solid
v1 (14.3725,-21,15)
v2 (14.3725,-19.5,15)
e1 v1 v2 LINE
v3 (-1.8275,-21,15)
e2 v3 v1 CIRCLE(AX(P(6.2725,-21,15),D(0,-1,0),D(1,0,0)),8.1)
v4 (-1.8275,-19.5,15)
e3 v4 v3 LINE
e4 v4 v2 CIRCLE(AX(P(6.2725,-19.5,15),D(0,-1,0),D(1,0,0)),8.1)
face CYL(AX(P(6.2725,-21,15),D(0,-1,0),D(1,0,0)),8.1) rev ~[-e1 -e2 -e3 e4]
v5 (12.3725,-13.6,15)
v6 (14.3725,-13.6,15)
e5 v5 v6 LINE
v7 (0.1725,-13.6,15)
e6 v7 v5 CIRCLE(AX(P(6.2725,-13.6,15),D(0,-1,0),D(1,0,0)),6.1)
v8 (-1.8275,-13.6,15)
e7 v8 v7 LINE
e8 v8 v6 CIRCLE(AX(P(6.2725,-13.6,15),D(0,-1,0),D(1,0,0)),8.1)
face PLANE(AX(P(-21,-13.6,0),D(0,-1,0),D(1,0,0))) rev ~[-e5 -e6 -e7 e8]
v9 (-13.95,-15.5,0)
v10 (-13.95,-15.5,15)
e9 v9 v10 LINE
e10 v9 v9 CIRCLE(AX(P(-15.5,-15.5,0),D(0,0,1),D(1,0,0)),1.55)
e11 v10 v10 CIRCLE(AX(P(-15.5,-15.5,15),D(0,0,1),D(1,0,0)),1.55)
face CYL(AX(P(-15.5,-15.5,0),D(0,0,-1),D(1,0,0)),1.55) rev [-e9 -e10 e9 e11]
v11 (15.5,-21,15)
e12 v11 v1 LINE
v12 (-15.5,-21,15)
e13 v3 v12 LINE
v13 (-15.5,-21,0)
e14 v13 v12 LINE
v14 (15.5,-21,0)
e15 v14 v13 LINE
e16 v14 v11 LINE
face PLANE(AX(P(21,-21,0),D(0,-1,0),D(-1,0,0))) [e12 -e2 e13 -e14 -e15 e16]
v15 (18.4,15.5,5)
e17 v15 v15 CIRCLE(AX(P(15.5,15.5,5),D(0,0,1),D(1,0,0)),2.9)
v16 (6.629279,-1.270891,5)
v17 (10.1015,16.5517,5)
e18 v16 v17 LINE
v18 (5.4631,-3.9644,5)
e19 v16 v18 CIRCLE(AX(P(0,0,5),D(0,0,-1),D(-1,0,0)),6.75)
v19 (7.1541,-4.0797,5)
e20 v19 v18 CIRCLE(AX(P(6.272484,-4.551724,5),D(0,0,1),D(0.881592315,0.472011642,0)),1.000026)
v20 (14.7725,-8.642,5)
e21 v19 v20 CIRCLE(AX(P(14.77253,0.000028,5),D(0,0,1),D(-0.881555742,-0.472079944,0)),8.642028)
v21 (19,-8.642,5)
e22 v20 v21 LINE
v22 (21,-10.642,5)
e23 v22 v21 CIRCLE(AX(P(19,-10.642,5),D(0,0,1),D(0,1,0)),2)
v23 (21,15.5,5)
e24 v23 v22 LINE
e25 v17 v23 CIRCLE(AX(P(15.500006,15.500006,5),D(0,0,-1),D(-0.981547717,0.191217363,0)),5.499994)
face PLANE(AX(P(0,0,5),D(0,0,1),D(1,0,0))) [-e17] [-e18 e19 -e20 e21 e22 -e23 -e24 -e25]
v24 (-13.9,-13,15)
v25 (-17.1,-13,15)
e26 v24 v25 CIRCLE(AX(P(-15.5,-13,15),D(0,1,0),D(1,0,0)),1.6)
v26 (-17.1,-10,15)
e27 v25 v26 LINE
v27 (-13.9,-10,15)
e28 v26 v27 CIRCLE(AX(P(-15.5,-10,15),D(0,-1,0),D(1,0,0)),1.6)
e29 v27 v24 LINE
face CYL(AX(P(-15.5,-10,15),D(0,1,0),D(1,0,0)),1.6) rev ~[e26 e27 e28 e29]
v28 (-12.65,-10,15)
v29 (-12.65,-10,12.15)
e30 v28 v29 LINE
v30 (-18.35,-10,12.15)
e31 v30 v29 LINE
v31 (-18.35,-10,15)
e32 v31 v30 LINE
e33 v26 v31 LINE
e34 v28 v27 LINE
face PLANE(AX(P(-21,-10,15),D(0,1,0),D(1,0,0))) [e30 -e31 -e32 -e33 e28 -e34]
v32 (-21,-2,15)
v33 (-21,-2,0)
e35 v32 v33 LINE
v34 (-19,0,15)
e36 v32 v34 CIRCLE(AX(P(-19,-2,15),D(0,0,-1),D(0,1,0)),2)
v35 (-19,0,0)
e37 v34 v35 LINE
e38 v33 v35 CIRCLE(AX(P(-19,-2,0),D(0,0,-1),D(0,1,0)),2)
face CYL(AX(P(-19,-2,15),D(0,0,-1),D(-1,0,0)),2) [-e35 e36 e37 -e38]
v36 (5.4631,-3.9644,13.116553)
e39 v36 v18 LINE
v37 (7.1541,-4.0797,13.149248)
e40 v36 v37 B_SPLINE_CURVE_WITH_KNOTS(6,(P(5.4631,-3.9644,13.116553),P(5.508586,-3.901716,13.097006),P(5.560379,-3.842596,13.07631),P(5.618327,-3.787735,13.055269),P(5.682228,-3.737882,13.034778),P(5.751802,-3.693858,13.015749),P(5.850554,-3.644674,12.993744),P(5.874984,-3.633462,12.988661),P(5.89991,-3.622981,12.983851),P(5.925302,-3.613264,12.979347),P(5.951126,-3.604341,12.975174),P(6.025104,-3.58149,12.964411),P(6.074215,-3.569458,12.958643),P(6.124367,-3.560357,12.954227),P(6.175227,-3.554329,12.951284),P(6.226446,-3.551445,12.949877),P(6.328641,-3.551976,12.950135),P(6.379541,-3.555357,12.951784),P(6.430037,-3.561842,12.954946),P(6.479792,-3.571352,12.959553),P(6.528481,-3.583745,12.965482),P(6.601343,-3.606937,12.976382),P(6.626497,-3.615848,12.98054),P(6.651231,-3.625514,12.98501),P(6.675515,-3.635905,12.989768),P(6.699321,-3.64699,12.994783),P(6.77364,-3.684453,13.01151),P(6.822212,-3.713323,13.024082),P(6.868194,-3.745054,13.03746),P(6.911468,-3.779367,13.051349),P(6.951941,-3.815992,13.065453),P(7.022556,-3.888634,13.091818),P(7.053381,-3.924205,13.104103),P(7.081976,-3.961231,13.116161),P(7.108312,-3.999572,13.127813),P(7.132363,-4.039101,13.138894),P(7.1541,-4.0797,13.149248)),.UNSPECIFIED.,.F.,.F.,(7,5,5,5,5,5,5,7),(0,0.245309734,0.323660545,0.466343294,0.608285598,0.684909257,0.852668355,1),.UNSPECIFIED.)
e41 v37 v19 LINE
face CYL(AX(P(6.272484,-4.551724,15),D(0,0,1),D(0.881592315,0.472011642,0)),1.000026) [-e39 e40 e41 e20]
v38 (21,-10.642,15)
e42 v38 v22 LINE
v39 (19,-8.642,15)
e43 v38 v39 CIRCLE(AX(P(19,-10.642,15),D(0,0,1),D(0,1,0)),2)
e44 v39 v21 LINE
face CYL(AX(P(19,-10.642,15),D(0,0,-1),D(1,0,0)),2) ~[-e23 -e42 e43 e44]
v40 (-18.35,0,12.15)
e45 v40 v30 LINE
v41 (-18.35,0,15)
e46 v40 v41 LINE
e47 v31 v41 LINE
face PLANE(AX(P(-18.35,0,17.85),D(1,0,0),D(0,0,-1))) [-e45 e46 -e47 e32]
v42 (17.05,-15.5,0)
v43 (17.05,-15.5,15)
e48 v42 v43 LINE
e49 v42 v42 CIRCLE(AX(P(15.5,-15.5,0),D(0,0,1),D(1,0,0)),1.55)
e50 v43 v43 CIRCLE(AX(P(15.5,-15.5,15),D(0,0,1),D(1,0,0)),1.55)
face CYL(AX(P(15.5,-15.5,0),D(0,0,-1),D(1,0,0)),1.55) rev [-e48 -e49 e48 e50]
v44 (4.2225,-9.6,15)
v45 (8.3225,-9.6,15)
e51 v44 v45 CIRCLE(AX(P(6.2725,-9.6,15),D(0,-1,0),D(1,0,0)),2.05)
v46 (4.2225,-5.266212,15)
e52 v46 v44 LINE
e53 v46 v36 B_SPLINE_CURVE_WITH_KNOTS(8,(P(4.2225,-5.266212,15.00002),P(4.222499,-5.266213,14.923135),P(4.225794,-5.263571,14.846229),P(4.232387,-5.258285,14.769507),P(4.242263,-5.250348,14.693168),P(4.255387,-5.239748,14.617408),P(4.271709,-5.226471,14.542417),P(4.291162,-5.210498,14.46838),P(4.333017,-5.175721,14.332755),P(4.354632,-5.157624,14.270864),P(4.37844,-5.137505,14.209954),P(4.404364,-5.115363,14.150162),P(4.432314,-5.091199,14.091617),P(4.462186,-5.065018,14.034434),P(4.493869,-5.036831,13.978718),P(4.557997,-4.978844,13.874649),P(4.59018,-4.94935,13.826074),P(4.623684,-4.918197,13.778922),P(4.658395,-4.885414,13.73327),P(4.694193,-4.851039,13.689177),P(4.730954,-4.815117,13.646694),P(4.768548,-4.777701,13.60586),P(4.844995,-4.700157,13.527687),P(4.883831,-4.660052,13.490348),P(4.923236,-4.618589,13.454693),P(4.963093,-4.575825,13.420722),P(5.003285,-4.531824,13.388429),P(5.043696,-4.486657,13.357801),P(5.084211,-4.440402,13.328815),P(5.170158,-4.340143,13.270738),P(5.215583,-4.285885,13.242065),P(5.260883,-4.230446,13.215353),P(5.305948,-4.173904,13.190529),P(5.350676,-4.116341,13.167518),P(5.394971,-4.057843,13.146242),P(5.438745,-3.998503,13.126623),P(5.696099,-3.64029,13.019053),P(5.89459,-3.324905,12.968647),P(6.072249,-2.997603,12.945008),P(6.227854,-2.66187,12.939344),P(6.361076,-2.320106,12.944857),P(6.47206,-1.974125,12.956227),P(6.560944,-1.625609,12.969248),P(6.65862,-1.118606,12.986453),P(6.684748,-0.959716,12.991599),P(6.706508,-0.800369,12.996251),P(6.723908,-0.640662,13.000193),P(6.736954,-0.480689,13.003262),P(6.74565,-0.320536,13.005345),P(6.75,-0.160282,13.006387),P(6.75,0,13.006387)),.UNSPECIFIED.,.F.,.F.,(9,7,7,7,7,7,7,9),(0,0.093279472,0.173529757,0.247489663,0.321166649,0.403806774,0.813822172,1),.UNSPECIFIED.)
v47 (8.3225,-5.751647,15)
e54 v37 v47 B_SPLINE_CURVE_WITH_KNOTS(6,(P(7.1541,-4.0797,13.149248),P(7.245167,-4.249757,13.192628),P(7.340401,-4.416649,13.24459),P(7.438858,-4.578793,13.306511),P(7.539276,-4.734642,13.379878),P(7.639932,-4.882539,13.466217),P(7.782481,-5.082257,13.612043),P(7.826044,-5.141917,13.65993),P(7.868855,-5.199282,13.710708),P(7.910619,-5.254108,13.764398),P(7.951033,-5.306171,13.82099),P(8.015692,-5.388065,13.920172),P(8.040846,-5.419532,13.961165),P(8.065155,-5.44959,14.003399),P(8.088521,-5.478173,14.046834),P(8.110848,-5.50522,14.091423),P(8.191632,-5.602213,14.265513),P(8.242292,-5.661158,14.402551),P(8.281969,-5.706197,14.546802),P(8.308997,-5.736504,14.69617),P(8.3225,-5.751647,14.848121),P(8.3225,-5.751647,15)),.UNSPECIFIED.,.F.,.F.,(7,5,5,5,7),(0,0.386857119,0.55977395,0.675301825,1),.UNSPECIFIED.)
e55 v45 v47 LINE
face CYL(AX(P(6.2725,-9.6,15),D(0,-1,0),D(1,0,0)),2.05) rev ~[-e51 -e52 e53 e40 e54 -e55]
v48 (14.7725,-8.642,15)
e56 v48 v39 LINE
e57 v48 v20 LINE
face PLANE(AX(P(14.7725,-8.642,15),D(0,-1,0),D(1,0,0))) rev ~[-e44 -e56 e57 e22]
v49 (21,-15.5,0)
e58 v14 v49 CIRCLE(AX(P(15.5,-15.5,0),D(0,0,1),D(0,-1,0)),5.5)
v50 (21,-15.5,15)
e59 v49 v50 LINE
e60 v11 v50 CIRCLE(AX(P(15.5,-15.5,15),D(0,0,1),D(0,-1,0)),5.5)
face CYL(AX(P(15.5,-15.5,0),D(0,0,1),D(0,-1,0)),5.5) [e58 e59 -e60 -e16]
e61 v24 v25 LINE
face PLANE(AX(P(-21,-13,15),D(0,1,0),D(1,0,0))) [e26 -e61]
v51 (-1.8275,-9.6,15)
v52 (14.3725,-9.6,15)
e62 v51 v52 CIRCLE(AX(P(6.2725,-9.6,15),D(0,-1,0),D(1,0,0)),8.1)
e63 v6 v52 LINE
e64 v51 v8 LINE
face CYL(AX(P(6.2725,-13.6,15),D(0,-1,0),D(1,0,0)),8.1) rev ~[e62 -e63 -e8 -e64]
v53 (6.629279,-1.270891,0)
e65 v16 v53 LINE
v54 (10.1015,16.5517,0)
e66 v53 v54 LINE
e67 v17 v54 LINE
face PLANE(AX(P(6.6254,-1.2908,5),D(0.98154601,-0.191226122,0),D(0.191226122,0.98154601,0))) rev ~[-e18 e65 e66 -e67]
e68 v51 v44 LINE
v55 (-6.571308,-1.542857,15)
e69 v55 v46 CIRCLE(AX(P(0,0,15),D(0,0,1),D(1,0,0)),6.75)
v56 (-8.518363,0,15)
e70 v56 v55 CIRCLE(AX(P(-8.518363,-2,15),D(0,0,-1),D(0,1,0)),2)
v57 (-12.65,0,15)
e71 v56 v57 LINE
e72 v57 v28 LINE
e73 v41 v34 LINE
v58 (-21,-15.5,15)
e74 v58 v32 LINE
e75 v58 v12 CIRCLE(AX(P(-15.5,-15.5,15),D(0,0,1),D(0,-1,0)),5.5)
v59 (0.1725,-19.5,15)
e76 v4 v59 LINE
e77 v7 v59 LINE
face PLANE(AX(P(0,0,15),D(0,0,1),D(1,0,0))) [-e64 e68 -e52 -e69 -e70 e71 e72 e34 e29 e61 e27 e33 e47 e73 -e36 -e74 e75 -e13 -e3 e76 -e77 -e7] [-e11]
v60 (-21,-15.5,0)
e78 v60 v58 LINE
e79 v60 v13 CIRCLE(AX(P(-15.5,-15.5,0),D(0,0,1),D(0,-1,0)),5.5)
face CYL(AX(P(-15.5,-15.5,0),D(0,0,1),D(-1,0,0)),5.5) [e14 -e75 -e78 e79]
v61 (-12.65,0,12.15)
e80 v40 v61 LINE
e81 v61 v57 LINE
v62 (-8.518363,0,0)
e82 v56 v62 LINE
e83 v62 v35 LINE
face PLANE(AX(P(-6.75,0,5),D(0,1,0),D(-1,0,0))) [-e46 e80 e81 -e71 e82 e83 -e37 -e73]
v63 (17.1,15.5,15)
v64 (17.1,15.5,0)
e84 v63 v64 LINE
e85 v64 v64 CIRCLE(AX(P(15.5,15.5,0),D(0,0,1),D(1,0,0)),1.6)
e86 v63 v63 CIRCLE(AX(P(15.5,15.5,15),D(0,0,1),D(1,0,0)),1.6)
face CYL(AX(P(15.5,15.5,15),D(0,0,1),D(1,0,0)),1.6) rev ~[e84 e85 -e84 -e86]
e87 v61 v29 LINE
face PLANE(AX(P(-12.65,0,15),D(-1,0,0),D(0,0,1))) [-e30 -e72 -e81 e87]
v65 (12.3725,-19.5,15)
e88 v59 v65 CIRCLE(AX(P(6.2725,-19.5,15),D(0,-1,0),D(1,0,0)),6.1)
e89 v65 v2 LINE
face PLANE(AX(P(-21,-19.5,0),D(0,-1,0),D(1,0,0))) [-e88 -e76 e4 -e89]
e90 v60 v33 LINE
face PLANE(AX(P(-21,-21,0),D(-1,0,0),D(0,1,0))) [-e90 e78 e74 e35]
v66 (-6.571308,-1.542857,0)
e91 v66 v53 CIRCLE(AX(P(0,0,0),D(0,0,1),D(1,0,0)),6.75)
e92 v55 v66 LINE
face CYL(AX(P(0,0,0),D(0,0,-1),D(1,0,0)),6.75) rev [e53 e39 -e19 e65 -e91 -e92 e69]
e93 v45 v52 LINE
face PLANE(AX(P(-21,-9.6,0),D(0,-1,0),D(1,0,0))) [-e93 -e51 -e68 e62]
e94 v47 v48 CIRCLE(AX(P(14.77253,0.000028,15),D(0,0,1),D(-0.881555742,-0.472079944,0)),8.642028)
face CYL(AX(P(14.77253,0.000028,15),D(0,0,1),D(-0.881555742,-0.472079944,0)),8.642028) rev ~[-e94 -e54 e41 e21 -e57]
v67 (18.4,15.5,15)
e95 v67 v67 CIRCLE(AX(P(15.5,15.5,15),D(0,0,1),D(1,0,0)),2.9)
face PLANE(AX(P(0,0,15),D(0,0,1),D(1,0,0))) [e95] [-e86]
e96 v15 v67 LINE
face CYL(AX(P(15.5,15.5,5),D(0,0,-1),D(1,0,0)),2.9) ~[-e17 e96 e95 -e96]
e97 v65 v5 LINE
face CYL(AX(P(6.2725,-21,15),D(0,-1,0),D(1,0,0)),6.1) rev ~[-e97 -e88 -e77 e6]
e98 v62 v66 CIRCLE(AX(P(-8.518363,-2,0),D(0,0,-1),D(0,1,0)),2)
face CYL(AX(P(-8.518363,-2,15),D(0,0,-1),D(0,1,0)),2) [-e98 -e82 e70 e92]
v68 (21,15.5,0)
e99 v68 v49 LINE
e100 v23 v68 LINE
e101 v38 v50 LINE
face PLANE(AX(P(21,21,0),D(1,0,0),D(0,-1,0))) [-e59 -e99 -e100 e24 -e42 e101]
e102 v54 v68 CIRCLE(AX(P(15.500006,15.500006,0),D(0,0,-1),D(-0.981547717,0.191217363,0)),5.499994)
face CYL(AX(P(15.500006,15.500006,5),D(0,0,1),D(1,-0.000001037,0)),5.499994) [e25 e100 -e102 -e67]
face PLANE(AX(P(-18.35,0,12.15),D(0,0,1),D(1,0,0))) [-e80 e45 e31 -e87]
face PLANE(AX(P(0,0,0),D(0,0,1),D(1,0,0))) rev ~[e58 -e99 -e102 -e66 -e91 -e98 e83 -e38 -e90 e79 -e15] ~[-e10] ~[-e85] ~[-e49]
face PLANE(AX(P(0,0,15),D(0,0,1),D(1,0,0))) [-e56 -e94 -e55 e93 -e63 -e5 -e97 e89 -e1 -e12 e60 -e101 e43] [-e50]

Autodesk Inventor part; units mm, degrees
ref_plane "YZ Plane" through (0, 0, 0) normal (1, 0, 0) x (0, 1, 0)
ref_plane "XZ Plane" through (0, 0, 0) normal (0, 1, 0) x (-1, 0, 0)
ref_plane "XY Plane" through (0, 0, 0) normal (0, 0, 1) x (1, 0, 0)
sketch "Sketch1" plane through (0, 0, 0) normal (0, 0, 1) x (1, 0, 0)
  line L0 (-15.5, 15.5) -> (15.5, 15.5) construction
  line L1 (15.5, 15.5) -> (15.5, -15.5) construction
  line L2 (15.5, -15.5) -> (-15.5, -15.5) construction
  line L3 (-15.5, -15.5) -> (-15.5, 15.5) construction
  circle A0 centre (0, 0) radius 6.75
  line L4 (-21, -21) -> (-21, 21)
  line L5 (-21, 21) -> (21, 21)
  line L6 (21, 21) -> (21, -21)
  line L7 (21, -21) -> (-21, -21)
  circle A1 centre (-15.5, -15.5) radius 1.55
  circle A2 centre (15.5, -15.5) radius 1.55
  dimension "d0" = 13.5
  dimension "d2" = 31
  dimension "d3" = 42
  dimension "d4" = 3.1
extrude "Extrusion1" add sketch "Sketch1" along normal blind 15
sketch "Sketch2" plane through (0, 0, 15) normal (0, 0, 1) x (1, 0, 0)
  circle A0 centre (0, 0) radius 6.75 projected
  line L0 (-21, 21) -> (-21, -21) projected
  line L1 (21, -21) -> (21, 21) projected
  line L2 (21, 21) -> (-21, 21) projected
  circle A1 centre (0, 0) radius 5.3975
  circle A2 centre (6.2725, 0) radius 0.875
  circle A3 centre (14.7725, 0) radius 7.625
  line L3 (6.2725, 0) -> (6.2725, -2.4936)
  arc A4 (7.1541, -4.0797) -> (5.4631, -3.9644) centre (6.2725, -4.5517) ccw
  arc A5 (7.1541, -4.0797) -> (14.7725, -8.642) centre (14.7725, 0) ccw
  arc A6 (21, 5.9919) -> (6.4006, -2.1436) centre (14.7725, 0) ccw
  line L4 (14.7725, -8.642) -> (21, -8.642)
  line L5 (-6.75, 0) -> (-21, 0)
  dimension "d7" = 10.795
  dimension "d9" = 8.5
  dimension "d11" = 1.75
  dimension "d12" = 2
extrude "Extrusion2" cut sketch "Sketch2" against normal blind 10 contours L5 L0 L2 L1 A6 A0 | A0 A2 A3 L1 L4 A5 A4 | A6 L1 A3 A2 A0 | A2 A0 | A3 L1 picked at (15.7085, -1.9503)
sketch "Sketch3" plane through (-21, -21, 0) normal (0, -1, 0) x (1, 0, 0)
  line L0 (0, 15) -> (42, 15) projected
  circle A0 centre (27.2725, 15) radius 6.1
  point P0 (21, 0)
  dimension "d15" = 6.2725
  dimension "d16" = 12.2
extrude "Extrusion3" cut sketch "Sketch3" against normal blind 7.4
sketch "Sketch4" plane through (-21, -13.6, 0) normal (0, -1, 0) x (1, 0, 0)
  arc A0 (21.1725, 15) -> (33.3725, 15) centre (27.2725, 15) ccw projected
  circle A1 centre (27.2725, 15) radius 8.1
  point P0 (21, 0)
  dimension "d19" = 16.2
extrude "Extrusion4" cut sketch "Sketch4" against normal blind 4
sketch "Sketch5" plane through (-21, -21, 0) normal (0, -1, 0) x (1, 0, 0)
  arc A0 (21.1725, 15) -> (33.3725, 15) centre (27.2725, 15) ccw projected
  circle A1 centre (27.2725, 15) radius 8.1
  point P0 (21, 0)
  dimension "d24" = 16.2
extrude "Extrusion5" cut sketch "Sketch5" against normal blind 1.5
sketch "Sketch6" plane through (-21, -9.6, 0) normal (0, -1, 0) x (1, 0, 0)
  arc A0 (19.1725, 15) -> (35.3725, 15) centre (27.2725, 15) ccw projected
  circle A1 centre (27.2725, 15) radius 2.05
  point P0 (21, 0)
  dimension "d29" = 4.1
extrude "Extrusion6" cut sketch "Sketch6" against normal through all
sketch "Sketch7" plane through (0, 0, 5) normal (0, 0, 1) x (1, 0, 0)
  line L0 (-21, 0) -> (-21, 21) projected
  line L1 (-6.75, 0) -> (-21, 0) projected
  arc A0 (5.4631, -3.9644) -> (-6.75, 0) centre (0, 0) ccw projected
  arc A1 (7.1541, -4.0797) -> (5.4631, -3.9644) centre (6.2725, -4.5517) ccw projected
  arc A2 (7.1541, -4.0797) -> (14.7725, -8.642) centre (14.7725, 0) ccw projected
  line L2 (21, -8.642) -> (14.7725, -8.642) projected
  line L3 (21, 21) -> (21, -8.642) projected
  line L4 (-21, 21) -> (21, 21) projected
  line L5 (6.6254, -1.2908) -> (10.1015, 16.5517)
  arc A3 (21, 15.5) -> (10.1015, 16.5517) centre (15.5, 15.5) ccw
  circle A4 centre (15.5, -15.5) radius 1.55 projected
  circle A5 centre (15.5, 15.5) radius 3
  dimension "d33" = 31
  dimension "d34" = 6
extrude "Extrusion7" cut sketch "Sketch7" against normal through all contours L0 L4 A3 L5 A0 L1 | L4 L3 A3
sketch "Sketch8" plane through (-21, 0, 15) normal (0, 1, 0) x (1, 0, 0)
  line L0 (14.25, 0) -> (0, 0) projected
  line L1 (2.65, 2.85) -> (8.35, 2.85)
  line L2 (8.35, 2.85) -> (8.35, -2.85)
  line L3 (8.35, -2.85) -> (2.65, -2.85)
  line L4 (2.65, -2.85) -> (2.65, 2.85)
  point P0 (21, 15)
  point P1 (5.5, 0)
  dimension "d37" = 5.7
  dimension "d38" = 15.5
extrude "Extrusion8" cut sketch "Sketch8" against normal blind 10
sketch "Sketch9" plane through (-21, -10, 15) normal (0, 1, 0) x (1, 0, 0)
  line L0 (8.35, 0) -> (2.65, 0) projected
  circle A0 centre (5.5, 0) radius 1.6
  point P0 (21, 15)
  dimension "d41" = 3.2
extrude "Extrusion9" cut sketch "Sketch9" against normal blind 3
fillet "Fillet1" radius 5.5 2 edges at (-21, -21, 7.5) (21, -21, 7.5)
fillet "Fillet2" radius 2 3 edges at (-21, 0, 7.5) (-6.75, 0, 7.5) (21, -8.642, 10)
sketch "Sketch10" plane through (0, 0, 5) normal (0, 0, 1) x (1, 0, 0)
  arc A0 (21, 15.5) -> (10.1015, 16.5517) centre (15.5, 15.5) ccw projected
  circle A1 centre (15.5, 15.5) radius 2.9
  dimension "d47" = 5.8
extrude "Extrusion10" add sketch "Sketch10" along normal blind 10
sketch "Sketch11" plane through (15.5, 15.5, 15) normal (0, 0, 1) x (1, 0, 0)
  circle A0 centre (0, 0) radius 2.9 projected
  circle A1 centre (0, 0) radius 1.6
  point P0 (-15.5, -15.5)
  dimension "d52" = 3.2
extrude "Extrusion11" cut sketch "Sketch11" against normal through all contours A1
properties part number "EXTRUDER BODY"
